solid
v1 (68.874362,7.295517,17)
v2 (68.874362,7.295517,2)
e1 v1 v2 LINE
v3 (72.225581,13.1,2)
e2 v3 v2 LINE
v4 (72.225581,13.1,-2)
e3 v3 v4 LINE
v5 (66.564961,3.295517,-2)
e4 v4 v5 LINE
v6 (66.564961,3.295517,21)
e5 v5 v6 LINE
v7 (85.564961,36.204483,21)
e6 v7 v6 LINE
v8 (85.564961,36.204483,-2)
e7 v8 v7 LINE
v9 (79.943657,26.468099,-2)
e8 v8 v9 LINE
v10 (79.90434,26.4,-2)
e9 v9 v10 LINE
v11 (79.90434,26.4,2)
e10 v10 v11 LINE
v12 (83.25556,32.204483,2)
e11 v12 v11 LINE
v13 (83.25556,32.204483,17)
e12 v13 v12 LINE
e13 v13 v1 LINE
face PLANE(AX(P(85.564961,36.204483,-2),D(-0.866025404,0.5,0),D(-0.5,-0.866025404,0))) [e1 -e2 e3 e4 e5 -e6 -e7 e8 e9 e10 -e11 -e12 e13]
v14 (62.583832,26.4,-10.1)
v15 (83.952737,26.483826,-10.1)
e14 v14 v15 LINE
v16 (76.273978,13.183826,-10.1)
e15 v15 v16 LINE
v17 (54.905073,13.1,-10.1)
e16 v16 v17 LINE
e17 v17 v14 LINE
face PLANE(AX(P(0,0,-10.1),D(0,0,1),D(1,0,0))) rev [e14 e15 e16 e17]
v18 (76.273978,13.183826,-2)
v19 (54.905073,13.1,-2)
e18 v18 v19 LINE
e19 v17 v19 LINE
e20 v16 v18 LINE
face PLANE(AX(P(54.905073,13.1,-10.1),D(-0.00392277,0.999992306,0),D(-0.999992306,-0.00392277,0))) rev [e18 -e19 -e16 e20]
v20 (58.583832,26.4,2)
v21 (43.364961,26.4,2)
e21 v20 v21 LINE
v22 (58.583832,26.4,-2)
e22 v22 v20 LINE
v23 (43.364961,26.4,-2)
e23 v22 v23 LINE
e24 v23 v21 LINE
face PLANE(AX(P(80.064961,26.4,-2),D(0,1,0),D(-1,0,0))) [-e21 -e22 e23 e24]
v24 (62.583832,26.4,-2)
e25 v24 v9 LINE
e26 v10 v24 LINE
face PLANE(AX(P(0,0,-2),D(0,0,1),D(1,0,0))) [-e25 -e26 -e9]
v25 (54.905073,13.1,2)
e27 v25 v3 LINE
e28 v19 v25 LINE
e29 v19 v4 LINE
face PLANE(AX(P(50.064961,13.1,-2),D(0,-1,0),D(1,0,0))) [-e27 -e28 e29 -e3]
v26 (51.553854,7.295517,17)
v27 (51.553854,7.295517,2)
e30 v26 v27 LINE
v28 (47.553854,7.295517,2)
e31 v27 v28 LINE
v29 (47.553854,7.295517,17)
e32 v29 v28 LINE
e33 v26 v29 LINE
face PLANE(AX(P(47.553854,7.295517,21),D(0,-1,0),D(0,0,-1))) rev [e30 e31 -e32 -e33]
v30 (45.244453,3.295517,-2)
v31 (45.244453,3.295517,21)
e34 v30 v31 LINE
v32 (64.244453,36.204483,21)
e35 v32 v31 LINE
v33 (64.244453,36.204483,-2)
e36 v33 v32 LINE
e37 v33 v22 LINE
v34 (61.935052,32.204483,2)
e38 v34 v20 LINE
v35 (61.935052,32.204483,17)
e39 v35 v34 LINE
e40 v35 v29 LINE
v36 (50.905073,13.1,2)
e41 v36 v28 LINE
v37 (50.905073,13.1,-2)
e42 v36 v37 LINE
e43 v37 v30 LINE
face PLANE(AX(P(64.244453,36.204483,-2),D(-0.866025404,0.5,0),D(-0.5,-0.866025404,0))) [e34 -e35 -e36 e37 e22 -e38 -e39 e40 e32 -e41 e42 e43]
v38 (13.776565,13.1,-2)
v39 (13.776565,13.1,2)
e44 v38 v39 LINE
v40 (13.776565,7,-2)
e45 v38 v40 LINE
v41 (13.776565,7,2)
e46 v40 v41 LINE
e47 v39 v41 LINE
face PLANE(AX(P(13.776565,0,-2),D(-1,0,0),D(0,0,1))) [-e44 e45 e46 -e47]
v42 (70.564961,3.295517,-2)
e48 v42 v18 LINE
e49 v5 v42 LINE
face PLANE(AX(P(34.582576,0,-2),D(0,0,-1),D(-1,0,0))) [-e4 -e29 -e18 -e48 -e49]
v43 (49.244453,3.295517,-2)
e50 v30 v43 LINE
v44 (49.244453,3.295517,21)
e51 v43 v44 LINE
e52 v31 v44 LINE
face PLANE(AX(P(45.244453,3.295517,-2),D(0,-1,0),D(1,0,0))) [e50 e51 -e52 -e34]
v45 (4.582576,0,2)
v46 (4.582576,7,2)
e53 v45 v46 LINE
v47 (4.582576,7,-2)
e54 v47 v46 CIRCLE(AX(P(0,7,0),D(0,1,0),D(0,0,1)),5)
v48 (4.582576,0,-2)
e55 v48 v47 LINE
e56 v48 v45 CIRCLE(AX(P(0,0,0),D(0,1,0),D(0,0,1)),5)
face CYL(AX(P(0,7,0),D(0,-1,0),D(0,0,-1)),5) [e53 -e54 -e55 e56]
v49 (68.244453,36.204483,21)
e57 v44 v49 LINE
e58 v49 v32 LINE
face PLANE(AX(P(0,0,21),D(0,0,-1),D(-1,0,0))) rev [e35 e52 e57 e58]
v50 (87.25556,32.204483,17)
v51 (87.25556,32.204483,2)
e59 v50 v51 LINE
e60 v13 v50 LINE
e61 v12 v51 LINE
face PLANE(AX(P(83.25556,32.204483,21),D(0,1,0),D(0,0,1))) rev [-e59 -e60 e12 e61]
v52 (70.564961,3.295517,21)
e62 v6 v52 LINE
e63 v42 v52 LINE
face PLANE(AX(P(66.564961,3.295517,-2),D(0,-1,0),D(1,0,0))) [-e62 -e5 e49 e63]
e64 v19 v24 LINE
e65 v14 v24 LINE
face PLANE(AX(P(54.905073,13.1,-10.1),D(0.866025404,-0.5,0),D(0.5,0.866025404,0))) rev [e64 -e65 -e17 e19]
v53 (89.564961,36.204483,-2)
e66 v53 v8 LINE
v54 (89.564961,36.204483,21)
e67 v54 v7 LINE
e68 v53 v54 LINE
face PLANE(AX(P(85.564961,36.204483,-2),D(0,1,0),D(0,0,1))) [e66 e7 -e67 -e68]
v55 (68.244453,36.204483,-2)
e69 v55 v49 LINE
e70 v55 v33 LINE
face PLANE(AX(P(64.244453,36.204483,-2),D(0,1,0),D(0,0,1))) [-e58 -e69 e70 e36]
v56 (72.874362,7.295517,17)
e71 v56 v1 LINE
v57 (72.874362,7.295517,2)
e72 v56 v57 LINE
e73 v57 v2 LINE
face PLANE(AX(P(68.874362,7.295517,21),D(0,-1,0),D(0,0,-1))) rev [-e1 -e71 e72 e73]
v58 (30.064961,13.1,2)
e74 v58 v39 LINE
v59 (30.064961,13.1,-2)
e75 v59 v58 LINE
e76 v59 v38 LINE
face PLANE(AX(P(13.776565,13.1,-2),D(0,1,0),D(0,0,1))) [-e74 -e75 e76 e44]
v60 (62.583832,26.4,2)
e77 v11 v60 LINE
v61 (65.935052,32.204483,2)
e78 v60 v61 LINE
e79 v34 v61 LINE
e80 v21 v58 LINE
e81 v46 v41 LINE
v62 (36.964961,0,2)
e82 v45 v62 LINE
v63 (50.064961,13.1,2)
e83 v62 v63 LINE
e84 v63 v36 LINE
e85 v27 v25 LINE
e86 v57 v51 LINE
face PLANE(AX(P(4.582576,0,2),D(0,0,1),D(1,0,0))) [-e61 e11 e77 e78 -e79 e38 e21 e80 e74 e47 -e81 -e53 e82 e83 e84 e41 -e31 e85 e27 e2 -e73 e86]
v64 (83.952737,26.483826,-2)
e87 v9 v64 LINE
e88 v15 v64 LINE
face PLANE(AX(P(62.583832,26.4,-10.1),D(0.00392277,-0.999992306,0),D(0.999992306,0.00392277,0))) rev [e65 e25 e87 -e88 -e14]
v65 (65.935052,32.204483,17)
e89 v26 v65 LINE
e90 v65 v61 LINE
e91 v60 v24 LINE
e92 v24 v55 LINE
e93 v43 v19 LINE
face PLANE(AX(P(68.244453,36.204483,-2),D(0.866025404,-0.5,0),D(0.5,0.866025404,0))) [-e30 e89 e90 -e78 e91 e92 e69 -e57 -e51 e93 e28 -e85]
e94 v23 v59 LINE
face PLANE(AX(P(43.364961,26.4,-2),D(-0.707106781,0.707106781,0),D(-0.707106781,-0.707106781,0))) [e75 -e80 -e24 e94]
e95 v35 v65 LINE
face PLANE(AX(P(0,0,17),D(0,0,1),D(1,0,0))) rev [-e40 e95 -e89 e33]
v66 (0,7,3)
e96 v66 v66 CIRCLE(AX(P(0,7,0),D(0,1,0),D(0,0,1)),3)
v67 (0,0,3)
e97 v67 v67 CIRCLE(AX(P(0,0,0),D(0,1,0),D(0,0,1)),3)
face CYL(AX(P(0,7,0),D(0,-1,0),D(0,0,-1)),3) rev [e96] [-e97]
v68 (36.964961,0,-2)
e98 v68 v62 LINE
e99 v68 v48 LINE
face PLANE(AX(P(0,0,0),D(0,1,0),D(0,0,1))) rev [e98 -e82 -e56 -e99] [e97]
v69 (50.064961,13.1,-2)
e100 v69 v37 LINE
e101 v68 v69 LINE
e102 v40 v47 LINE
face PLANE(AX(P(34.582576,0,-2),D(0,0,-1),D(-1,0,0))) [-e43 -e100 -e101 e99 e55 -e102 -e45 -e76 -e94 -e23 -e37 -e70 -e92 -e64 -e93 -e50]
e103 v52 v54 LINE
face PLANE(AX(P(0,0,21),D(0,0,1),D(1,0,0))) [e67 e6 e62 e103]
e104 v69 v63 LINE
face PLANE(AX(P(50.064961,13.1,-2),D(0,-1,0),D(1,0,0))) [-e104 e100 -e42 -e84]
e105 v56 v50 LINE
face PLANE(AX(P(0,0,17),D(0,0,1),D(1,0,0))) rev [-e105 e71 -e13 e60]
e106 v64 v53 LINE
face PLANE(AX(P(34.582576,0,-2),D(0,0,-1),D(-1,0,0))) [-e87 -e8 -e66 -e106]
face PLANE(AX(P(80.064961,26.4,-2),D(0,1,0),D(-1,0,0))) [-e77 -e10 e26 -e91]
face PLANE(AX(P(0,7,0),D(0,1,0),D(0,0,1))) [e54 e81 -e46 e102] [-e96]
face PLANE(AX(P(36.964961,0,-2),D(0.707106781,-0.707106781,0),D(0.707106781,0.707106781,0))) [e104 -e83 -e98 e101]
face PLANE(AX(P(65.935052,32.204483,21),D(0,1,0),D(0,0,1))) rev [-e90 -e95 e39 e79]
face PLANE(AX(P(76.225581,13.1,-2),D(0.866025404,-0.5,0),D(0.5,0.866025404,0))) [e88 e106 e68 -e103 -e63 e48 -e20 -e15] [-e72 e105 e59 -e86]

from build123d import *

# Parameters (mm, degrees)
SKETCH1_R           = 5
SKETCH1_R_2         = 3
BOSS_EXTRUDE1_DEPTH = 7
SKETCH2_R           = 3
BOSS_EXTRUDE2_DEPTH = 7
SKETCH3_W           = 16.288395929
SKETCH3_H           = 13.1
BOSS_EXTRUDE3_DEPTH = 4
SKETCH4_W           = 4.517614974
SKETCH4_H           = 7
CUT_EXTRUDE1_DEPTH  = 4
BOSS_EXTRUDE4_DEPTH = 4
BOSS_EXTRUDE5_DEPTH = 4
BOSS_EXTRUDE6_DEPTH = 19
BOSS_EXTRUDE7_DEPTH = 4
BOSS_EXTRUDE8_DEPTH = 8.1


with BuildPart() as part:
    # Sketch1 → Boss-Extrude1 (new body)
    with BuildSketch(Plane(origin=(0, 0, 0), x_dir=(1, 0, 0), z_dir=(0, 1, 0))):
        with Locations(Location((0, 0, 0), (0, 0, 270))):
            Circle(SKETCH1_R)
        with Locations(Location((0, 0, 0), (0, 0, 270))):
            Circle(SKETCH1_R_2, mode=Mode.SUBTRACT)
    extrude(amount=BOSS_EXTRUDE1_DEPTH)

    # Sketch2 → Boss-Extrude2 (add, through all)
    with BuildSketch(Plane(origin=(0, 7, 0), x_dir=(1, 0, 0), z_dir=(0, 1, 0))):
        with BuildLine():
            Line((4.582575695, -2), (34.582575695, -2))
            Line((34.582575695, -2), (34.582575695, 2))
            Line((34.582575695, 2), (4.582575695, 2))
            ThreePointArc((4.582575695, 2), (-5, 0), (4.582575695, -2))
        make_face()
        with Locations(Location((0, 0, 0), (0, 0, 270))):
            Circle(SKETCH2_R, mode=Mode.SUBTRACT)
    extrude(amount=-BOSS_EXTRUDE2_DEPTH)

    # Sketch3 → Boss-Extrude3 (add)
    with BuildSketch(Plane.XY.offset(2)):
        with Locations((21.920762757, 6.55)):
            Rectangle(SKETCH3_W, SKETCH3_H)
    extrude(amount=-BOSS_EXTRUDE3_DEPTH)

    # Sketch4 → Cut-Extrude1 (cut)
    with BuildSketch(Plane.XY.offset(2)):
        with Locations((32.323768208, 3.5)):
            Rectangle(SKETCH4_W, SKETCH4_H)
    extrude(amount=-CUT_EXTRUDE1_DEPTH, mode=Mode.SUBTRACT)

    # Sketch5 → Boss-Extrude4 (add)
    with BuildSketch(Plane.XY.offset(2)):
        Polygon((30.064960721, 13.1), (30.064960721, 0), (36.964960721, 0), (50.064960721, 13.1), (76.225581431, 13.1), (80.064960721, 19.75), (80.064960721, 26.4), (43.364960721, 26.4), align=None)
    extrude(amount=-BOSS_EXTRUDE4_DEPTH)

    # Sketch6 → Boss-Extrude5 (add)
    with BuildSketch(Plane.XY.offset(2)):
        Polygon((64.244452646, 36.204482672), (68.244452646, 36.204482672), (49.244452646, 3.295517328), (45.244452646, 3.295517328), align=None)
        Polygon((85.564960721, 36.204482672), (89.564960721, 36.204482672), (70.564960721, 3.295517328), (66.564960721, 3.295517328), align=None)
    extrude(amount=-BOSS_EXTRUDE5_DEPTH)

    # Sketch7 → Boss-Extrude6 (add)
    with BuildSketch(Plane.XY.offset(2)):
        Polygon((68.244452646, 36.204482672), (64.244452646, 36.204482672), (61.935051569, 32.204482672), (65.935051569, 32.204482672), align=None)
        Polygon((85.564960721, 36.204482672), (89.564960721, 36.204482672), (87.255559645, 32.204482672), (83.255559645, 32.204482672), align=None)
        Polygon((66.564960721, 3.295517328), (70.564960721, 3.295517328), (72.874361798, 7.295517328), (68.874361798, 7.295517328), align=None)
        Polygon((45.244452646, 3.295517328), (49.244452646, 3.295517328), (51.553853723, 7.295517328), (47.553853723, 7.295517328), align=None)
    extrude(amount=BOSS_EXTRUDE6_DEPTH)

    # Sketch8 → Boss-Extrude7 (add)
    with BuildSketch(Plane.XY.offset(21)):
        Polygon((64.244452646, 36.204482672), (68.244452646, 36.204482672), (49.244452646, 3.295517328), (45.244452646, 3.295517328), align=None)
        Polygon((85.564960721, 36.204482672), (89.564960721, 36.204482672), (70.564960721, 3.295517328), (66.564960721, 3.295517328), align=None)
    extrude(amount=-BOSS_EXTRUDE7_DEPTH)

    # Sketch9 → Boss-Extrude8 (add)
    with BuildSketch(Plane(origin=(0, 0, -2), x_dir=(-1, 0, 0), z_dir=(0, 0, -1))):
        Polygon((-54.905073356, 13.1), (-62.583831936, 26.4), (-83.95273694, 26.483825938), (-76.273978359, 13.183825938), align=None)
    extrude(amount=BOSS_EXTRUDE8_DEPTH)


solid = part.part
